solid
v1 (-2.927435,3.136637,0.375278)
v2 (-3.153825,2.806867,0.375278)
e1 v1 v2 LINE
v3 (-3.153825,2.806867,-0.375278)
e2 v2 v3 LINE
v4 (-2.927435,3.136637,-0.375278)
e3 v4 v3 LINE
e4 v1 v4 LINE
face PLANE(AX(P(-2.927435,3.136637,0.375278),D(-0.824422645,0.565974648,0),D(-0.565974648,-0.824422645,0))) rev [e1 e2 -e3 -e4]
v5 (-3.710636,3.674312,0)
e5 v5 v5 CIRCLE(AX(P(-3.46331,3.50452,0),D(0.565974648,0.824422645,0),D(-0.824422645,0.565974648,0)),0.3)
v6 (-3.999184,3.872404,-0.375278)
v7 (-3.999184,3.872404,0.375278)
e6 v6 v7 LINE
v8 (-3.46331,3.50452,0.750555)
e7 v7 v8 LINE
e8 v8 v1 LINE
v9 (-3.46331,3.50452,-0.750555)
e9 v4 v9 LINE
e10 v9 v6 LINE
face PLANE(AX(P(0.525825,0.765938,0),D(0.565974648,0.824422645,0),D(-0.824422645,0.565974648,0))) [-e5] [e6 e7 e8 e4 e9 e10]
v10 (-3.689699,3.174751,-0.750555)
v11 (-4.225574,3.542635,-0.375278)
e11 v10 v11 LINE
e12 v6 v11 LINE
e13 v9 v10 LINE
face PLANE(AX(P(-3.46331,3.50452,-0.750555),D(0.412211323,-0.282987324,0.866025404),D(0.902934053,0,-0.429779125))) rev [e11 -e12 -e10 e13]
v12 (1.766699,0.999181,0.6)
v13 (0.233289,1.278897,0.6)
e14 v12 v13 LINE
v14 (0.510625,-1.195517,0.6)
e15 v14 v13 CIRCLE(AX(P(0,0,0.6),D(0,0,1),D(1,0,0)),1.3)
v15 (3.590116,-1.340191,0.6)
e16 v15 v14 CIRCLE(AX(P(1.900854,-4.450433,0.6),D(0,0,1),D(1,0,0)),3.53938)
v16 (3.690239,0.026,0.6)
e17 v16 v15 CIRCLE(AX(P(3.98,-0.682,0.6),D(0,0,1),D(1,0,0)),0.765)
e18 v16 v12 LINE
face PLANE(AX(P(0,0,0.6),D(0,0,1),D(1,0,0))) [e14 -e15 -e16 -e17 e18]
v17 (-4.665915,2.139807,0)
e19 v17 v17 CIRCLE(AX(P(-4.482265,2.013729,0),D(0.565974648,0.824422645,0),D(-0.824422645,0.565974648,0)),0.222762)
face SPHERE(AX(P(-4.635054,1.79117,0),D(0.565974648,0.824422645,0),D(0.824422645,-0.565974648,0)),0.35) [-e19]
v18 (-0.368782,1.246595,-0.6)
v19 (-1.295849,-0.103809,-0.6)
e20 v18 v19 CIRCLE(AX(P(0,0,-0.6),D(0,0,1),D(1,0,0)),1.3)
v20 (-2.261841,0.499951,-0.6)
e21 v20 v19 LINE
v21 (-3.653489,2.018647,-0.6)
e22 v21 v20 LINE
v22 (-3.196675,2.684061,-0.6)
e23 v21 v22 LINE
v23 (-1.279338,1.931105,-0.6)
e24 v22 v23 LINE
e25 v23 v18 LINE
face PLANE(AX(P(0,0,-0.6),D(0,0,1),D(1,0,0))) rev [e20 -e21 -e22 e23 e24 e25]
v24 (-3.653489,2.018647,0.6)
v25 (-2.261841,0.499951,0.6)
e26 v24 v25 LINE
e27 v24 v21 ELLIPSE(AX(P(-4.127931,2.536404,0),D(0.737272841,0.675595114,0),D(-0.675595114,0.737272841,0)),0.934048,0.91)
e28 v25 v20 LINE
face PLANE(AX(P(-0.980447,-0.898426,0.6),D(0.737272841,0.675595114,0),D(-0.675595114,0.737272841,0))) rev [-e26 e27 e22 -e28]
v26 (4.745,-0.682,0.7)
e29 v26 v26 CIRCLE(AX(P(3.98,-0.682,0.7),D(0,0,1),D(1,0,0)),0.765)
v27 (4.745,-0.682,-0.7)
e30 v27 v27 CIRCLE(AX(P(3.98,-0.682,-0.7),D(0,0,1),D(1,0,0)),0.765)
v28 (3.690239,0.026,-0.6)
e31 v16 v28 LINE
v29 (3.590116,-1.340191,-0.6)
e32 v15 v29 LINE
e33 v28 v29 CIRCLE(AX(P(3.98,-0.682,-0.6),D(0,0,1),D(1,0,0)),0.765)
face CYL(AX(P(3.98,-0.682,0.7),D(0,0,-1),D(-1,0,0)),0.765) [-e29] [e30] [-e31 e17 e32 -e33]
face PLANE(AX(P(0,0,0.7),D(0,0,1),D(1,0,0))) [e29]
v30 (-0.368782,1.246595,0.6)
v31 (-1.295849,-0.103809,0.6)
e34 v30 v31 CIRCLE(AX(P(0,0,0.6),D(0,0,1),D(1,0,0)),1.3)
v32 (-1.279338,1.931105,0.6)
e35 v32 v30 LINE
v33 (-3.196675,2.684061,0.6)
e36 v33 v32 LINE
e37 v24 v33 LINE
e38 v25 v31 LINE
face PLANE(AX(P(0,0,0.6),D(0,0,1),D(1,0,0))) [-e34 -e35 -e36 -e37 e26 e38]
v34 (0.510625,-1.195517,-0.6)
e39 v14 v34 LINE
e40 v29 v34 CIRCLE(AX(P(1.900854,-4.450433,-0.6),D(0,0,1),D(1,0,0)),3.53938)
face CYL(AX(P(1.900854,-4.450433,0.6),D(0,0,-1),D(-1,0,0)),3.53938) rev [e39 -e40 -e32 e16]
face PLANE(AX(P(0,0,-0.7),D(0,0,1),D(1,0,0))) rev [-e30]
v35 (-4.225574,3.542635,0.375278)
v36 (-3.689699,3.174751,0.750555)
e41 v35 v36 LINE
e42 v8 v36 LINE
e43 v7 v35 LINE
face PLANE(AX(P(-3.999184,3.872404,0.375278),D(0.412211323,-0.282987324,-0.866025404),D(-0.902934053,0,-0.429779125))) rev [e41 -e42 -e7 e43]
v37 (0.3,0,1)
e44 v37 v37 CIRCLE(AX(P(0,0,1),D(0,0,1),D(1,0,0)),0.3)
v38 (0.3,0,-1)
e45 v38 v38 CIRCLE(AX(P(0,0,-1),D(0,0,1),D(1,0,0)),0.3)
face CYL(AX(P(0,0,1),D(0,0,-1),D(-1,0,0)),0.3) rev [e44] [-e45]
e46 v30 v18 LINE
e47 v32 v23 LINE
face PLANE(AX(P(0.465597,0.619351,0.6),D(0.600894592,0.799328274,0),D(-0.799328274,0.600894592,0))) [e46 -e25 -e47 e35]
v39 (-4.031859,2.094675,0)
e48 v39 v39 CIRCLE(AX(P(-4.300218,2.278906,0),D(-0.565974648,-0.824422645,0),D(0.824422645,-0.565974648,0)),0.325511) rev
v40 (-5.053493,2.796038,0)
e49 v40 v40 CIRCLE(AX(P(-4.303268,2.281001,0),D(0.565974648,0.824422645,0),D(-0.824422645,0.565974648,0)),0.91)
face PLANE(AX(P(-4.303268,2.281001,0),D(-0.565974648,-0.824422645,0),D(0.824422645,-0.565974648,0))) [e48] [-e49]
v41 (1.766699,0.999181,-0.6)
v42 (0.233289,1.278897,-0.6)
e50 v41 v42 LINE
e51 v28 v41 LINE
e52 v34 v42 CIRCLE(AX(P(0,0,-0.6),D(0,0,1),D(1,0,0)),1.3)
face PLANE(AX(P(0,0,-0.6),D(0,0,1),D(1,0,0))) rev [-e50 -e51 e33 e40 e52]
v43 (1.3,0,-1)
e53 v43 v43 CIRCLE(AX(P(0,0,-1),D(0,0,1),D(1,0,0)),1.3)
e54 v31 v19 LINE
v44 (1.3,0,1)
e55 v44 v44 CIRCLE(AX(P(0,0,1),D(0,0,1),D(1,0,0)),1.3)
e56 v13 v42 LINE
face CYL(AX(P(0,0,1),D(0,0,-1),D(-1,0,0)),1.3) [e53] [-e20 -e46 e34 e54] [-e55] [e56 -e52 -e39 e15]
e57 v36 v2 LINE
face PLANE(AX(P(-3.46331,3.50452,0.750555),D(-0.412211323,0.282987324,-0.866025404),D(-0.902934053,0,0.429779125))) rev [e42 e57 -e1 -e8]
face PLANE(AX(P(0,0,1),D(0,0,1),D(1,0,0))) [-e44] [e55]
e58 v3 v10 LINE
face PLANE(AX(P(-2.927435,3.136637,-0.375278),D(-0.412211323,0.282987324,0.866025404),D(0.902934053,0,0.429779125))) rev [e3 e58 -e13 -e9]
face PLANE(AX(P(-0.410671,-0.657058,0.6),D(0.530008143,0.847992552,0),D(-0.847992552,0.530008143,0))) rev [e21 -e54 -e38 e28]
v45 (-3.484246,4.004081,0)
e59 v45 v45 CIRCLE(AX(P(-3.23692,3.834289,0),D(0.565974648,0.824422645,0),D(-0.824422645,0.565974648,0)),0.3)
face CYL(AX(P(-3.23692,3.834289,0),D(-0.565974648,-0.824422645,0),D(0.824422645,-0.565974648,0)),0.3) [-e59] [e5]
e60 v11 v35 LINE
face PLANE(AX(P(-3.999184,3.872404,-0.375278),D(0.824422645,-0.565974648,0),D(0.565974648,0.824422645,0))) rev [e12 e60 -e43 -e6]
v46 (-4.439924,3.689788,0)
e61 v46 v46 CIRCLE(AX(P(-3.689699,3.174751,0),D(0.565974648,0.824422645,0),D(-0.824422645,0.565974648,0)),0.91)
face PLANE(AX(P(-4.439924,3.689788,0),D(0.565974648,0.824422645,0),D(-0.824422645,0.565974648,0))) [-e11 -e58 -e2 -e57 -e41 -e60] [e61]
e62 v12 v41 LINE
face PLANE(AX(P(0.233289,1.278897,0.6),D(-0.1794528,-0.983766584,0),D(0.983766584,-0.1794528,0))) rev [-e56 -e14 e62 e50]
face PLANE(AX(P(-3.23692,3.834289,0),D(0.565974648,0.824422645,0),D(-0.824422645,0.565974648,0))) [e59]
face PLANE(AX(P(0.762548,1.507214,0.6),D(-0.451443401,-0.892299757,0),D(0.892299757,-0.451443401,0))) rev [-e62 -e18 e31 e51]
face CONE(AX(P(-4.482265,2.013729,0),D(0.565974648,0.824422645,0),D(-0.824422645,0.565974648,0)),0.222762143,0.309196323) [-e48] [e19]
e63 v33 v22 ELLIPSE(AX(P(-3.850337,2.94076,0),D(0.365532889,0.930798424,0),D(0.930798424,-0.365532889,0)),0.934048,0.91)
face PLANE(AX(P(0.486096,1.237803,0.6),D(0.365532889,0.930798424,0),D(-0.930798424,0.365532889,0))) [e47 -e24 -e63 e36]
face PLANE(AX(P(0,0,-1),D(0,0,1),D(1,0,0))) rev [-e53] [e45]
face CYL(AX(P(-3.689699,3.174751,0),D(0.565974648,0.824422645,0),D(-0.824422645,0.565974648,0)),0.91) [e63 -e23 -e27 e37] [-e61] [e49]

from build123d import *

# Parameters (mm, degrees)
SKETCH1_R           = 0.3
BOSS_EXTRUDE1_DEPTH = 1
BOSS_EXTRUDE2_DEPTH = 0.7
BOSS_EXTRUDE3_DEPTH = 0.6
BOSS_EXTRUDE4_DEPTH = 0.6
BOSS_EXTRUDE5_DEPTH = 0.4
SKETCH6_R           = 0.3
BOSS_EXTRUDE6_DEPTH = 0.4


with BuildPart() as part:
    # Sketch1 → Boss-Extrude1 (new, symmetric)
    with BuildSketch(Plane.XY):
        with BuildLine():
            ThreePointArc((1.3, 0), (0.998317392, 0.832683844), (0.233288639, 1.27889656))
            ThreePointArc((0.233288639, 1.27889656), (-0.069645296, 1.298133095), (-0.368782161, 1.24659525))
            ThreePointArc((-0.368782161, 1.24659525), (-1.071749439, 0.735767042), (-1.295848634, -0.103809043))
            ThreePointArc((-1.295848634, -0.103809043), (-0.6723843, -1.112609255), (0.510625375, -1.195517347))
            ThreePointArc((0.510625375, -1.195517347), (1.084853213, -0.716305456), (1.3, 0))
        make_face()
        Circle(SKETCH1_R, mode=Mode.SUBTRACT)
    extrude(amount=BOSS_EXTRUDE1_DEPTH, both=True)



with BuildPart() as body_2:
    # Sketch1<3> → Boss-Extrude2 (new, symmetric)
    with BuildSketch(Plane.XY):
        with BuildLine():
            ThreePointArc((4.745, -0.682), (4.406355459, -0.046825991), (3.690239158, 0.025999756))
            ThreePointArc((3.690239158, 0.025999756), (3.217046127, -0.626085884), (3.590115999, -1.340191056))
            ThreePointArc((3.590115999, -1.340191056), (4.358790008, -1.346637593), (4.745, -0.682))
        make_face()
    extrude(amount=BOSS_EXTRUDE2_DEPTH, both=True)


with BuildPart() as part_1:
    add(part.part)

    add(body_2.part)  # Boss-Extrude3 merges body 2
    # Sketch1<4> → Boss-Extrude3 (add, symmetric)
    with BuildSketch(Plane.XY):
        with BuildLine():
            ThreePointArc((3.590115999, -1.340191056), (3.217046127, -0.626085884), (3.690239158, 0.025999756))
            Line((3.690239158, 0.025999756), (1.766699303, 0.999180984))
            Line((1.766699303, 0.999180984), (0.233288639, 1.27889656))
            ThreePointArc((0.233288639, 1.27889656), (0.998317392, 0.832683844), (1.3, 0))
            ThreePointArc((1.3, 0), (1.084853213, -0.716305456), (0.510625375, -1.195517347))
            ThreePointArc((0.510625375, -1.195517347), (2.066949931, -0.914952316), (3.590115999, -1.340191056))
        make_face()
    extrude(amount=BOSS_EXTRUDE3_DEPTH, both=True)

    # Sketch1<5> → Boss-Extrude4 (add, symmetric)
    with BuildSketch(Plane.XY):
        with BuildLine():
            ThreePointArc((-1.295848634, -0.103809043), (-1.071749439, 0.735767042), (-0.368782161, 1.24659525))
            Line((-0.368782161, 1.24659525), (-1.279338258, 1.931105297))
            Line((-1.279338258, 1.931105297), (-3.469420101, 2.791170079))
            Line((-3.469420101, 2.791170079), (-3.851452989, 2.234684794))
            Line((-3.851452989, 2.234684794), (-2.261840722, 0.499950592))
            Line((-2.261840722, 0.499950592), (-1.295848634, -0.103809043))
        make_face()
    extrude(amount=BOSS_EXTRUDE4_DEPTH, both=True)



with BuildPart() as body_2_2:
    # Sketch2 → Revolve1 (revolve)
    with BuildSketch(Plane.XY):
        with BuildLine():
            Line((-3.851452989, 2.234684794), (-3.443951242, 2.828269098))
            Line((-3.443951242, 2.828269098), (-3.769598187, 3.051829084))
            Line((-3.769598187, 3.051829084), (-4.833144721, 1.502622153))
            ThreePointArc((-4.833144721, 1.502622153), (-4.430488377, 1.507175235), (-4.298614364, 1.887651393))
            Line((-4.298614364, 1.887651393), (-3.851452989, 2.234684794))
        make_face()
    revolve(axis=Axis((-3.769598187, 3.051829084, 0), (-0.5659746478395021, -0.8244226452511791, 0)))


with BuildPart() as part_2:
    add(part_1.part)

    add(body_2_2.part)  # Revolve2 merges body 2 2
    # Sketch4 → Revolve2 (revolve)
    with BuildSketch(Plane.XY):
        Polygon((-3.68969938, 3.174750981), (-4.303268205, 2.281000641), (-5.053492813, 2.796037571), (-4.439923988, 3.68978791), align=None)
    revolve(axis=Axis((-3.68969938, 3.174750981, 0), (-0.5659746478395026, -0.8244226452511788, 0)))

    # Sketch5 → Boss-Extrude5 (add)
    with BuildSketch(Plane(origin=(0.299434714, 0.436169287, 0), x_dir=(0.8244226452511788, -0.5659746478395026, 0), z_dir=(0.5659746478395026, 0.8244226452511788, 0))):
        Polygon((-4.838700292, 0.75055535), (-5.488700292, 0.375277675), (-5.488700292, -0.375277675), (-4.838700292, -0.75055535), (-4.188700292, -0.375277675), (-4.188700292, 0.375277675), align=None)
    extrude(amount=BOSS_EXTRUDE5_DEPTH)

    # Sketch6 → Boss-Extrude6 (add)
    with BuildSketch(Plane(origin=(0.525824573, 0.765938345, 0), x_dir=(0.8244226452511786, -0.565974647839503, 0), z_dir=(0.565974647839503, 0.8244226452511787, 0))):
        with Locations((-4.838700292, 0)):
            Circle(SKETCH6_R)
    extrude(amount=BOSS_EXTRUDE6_DEPTH)


solid = part_2.part
